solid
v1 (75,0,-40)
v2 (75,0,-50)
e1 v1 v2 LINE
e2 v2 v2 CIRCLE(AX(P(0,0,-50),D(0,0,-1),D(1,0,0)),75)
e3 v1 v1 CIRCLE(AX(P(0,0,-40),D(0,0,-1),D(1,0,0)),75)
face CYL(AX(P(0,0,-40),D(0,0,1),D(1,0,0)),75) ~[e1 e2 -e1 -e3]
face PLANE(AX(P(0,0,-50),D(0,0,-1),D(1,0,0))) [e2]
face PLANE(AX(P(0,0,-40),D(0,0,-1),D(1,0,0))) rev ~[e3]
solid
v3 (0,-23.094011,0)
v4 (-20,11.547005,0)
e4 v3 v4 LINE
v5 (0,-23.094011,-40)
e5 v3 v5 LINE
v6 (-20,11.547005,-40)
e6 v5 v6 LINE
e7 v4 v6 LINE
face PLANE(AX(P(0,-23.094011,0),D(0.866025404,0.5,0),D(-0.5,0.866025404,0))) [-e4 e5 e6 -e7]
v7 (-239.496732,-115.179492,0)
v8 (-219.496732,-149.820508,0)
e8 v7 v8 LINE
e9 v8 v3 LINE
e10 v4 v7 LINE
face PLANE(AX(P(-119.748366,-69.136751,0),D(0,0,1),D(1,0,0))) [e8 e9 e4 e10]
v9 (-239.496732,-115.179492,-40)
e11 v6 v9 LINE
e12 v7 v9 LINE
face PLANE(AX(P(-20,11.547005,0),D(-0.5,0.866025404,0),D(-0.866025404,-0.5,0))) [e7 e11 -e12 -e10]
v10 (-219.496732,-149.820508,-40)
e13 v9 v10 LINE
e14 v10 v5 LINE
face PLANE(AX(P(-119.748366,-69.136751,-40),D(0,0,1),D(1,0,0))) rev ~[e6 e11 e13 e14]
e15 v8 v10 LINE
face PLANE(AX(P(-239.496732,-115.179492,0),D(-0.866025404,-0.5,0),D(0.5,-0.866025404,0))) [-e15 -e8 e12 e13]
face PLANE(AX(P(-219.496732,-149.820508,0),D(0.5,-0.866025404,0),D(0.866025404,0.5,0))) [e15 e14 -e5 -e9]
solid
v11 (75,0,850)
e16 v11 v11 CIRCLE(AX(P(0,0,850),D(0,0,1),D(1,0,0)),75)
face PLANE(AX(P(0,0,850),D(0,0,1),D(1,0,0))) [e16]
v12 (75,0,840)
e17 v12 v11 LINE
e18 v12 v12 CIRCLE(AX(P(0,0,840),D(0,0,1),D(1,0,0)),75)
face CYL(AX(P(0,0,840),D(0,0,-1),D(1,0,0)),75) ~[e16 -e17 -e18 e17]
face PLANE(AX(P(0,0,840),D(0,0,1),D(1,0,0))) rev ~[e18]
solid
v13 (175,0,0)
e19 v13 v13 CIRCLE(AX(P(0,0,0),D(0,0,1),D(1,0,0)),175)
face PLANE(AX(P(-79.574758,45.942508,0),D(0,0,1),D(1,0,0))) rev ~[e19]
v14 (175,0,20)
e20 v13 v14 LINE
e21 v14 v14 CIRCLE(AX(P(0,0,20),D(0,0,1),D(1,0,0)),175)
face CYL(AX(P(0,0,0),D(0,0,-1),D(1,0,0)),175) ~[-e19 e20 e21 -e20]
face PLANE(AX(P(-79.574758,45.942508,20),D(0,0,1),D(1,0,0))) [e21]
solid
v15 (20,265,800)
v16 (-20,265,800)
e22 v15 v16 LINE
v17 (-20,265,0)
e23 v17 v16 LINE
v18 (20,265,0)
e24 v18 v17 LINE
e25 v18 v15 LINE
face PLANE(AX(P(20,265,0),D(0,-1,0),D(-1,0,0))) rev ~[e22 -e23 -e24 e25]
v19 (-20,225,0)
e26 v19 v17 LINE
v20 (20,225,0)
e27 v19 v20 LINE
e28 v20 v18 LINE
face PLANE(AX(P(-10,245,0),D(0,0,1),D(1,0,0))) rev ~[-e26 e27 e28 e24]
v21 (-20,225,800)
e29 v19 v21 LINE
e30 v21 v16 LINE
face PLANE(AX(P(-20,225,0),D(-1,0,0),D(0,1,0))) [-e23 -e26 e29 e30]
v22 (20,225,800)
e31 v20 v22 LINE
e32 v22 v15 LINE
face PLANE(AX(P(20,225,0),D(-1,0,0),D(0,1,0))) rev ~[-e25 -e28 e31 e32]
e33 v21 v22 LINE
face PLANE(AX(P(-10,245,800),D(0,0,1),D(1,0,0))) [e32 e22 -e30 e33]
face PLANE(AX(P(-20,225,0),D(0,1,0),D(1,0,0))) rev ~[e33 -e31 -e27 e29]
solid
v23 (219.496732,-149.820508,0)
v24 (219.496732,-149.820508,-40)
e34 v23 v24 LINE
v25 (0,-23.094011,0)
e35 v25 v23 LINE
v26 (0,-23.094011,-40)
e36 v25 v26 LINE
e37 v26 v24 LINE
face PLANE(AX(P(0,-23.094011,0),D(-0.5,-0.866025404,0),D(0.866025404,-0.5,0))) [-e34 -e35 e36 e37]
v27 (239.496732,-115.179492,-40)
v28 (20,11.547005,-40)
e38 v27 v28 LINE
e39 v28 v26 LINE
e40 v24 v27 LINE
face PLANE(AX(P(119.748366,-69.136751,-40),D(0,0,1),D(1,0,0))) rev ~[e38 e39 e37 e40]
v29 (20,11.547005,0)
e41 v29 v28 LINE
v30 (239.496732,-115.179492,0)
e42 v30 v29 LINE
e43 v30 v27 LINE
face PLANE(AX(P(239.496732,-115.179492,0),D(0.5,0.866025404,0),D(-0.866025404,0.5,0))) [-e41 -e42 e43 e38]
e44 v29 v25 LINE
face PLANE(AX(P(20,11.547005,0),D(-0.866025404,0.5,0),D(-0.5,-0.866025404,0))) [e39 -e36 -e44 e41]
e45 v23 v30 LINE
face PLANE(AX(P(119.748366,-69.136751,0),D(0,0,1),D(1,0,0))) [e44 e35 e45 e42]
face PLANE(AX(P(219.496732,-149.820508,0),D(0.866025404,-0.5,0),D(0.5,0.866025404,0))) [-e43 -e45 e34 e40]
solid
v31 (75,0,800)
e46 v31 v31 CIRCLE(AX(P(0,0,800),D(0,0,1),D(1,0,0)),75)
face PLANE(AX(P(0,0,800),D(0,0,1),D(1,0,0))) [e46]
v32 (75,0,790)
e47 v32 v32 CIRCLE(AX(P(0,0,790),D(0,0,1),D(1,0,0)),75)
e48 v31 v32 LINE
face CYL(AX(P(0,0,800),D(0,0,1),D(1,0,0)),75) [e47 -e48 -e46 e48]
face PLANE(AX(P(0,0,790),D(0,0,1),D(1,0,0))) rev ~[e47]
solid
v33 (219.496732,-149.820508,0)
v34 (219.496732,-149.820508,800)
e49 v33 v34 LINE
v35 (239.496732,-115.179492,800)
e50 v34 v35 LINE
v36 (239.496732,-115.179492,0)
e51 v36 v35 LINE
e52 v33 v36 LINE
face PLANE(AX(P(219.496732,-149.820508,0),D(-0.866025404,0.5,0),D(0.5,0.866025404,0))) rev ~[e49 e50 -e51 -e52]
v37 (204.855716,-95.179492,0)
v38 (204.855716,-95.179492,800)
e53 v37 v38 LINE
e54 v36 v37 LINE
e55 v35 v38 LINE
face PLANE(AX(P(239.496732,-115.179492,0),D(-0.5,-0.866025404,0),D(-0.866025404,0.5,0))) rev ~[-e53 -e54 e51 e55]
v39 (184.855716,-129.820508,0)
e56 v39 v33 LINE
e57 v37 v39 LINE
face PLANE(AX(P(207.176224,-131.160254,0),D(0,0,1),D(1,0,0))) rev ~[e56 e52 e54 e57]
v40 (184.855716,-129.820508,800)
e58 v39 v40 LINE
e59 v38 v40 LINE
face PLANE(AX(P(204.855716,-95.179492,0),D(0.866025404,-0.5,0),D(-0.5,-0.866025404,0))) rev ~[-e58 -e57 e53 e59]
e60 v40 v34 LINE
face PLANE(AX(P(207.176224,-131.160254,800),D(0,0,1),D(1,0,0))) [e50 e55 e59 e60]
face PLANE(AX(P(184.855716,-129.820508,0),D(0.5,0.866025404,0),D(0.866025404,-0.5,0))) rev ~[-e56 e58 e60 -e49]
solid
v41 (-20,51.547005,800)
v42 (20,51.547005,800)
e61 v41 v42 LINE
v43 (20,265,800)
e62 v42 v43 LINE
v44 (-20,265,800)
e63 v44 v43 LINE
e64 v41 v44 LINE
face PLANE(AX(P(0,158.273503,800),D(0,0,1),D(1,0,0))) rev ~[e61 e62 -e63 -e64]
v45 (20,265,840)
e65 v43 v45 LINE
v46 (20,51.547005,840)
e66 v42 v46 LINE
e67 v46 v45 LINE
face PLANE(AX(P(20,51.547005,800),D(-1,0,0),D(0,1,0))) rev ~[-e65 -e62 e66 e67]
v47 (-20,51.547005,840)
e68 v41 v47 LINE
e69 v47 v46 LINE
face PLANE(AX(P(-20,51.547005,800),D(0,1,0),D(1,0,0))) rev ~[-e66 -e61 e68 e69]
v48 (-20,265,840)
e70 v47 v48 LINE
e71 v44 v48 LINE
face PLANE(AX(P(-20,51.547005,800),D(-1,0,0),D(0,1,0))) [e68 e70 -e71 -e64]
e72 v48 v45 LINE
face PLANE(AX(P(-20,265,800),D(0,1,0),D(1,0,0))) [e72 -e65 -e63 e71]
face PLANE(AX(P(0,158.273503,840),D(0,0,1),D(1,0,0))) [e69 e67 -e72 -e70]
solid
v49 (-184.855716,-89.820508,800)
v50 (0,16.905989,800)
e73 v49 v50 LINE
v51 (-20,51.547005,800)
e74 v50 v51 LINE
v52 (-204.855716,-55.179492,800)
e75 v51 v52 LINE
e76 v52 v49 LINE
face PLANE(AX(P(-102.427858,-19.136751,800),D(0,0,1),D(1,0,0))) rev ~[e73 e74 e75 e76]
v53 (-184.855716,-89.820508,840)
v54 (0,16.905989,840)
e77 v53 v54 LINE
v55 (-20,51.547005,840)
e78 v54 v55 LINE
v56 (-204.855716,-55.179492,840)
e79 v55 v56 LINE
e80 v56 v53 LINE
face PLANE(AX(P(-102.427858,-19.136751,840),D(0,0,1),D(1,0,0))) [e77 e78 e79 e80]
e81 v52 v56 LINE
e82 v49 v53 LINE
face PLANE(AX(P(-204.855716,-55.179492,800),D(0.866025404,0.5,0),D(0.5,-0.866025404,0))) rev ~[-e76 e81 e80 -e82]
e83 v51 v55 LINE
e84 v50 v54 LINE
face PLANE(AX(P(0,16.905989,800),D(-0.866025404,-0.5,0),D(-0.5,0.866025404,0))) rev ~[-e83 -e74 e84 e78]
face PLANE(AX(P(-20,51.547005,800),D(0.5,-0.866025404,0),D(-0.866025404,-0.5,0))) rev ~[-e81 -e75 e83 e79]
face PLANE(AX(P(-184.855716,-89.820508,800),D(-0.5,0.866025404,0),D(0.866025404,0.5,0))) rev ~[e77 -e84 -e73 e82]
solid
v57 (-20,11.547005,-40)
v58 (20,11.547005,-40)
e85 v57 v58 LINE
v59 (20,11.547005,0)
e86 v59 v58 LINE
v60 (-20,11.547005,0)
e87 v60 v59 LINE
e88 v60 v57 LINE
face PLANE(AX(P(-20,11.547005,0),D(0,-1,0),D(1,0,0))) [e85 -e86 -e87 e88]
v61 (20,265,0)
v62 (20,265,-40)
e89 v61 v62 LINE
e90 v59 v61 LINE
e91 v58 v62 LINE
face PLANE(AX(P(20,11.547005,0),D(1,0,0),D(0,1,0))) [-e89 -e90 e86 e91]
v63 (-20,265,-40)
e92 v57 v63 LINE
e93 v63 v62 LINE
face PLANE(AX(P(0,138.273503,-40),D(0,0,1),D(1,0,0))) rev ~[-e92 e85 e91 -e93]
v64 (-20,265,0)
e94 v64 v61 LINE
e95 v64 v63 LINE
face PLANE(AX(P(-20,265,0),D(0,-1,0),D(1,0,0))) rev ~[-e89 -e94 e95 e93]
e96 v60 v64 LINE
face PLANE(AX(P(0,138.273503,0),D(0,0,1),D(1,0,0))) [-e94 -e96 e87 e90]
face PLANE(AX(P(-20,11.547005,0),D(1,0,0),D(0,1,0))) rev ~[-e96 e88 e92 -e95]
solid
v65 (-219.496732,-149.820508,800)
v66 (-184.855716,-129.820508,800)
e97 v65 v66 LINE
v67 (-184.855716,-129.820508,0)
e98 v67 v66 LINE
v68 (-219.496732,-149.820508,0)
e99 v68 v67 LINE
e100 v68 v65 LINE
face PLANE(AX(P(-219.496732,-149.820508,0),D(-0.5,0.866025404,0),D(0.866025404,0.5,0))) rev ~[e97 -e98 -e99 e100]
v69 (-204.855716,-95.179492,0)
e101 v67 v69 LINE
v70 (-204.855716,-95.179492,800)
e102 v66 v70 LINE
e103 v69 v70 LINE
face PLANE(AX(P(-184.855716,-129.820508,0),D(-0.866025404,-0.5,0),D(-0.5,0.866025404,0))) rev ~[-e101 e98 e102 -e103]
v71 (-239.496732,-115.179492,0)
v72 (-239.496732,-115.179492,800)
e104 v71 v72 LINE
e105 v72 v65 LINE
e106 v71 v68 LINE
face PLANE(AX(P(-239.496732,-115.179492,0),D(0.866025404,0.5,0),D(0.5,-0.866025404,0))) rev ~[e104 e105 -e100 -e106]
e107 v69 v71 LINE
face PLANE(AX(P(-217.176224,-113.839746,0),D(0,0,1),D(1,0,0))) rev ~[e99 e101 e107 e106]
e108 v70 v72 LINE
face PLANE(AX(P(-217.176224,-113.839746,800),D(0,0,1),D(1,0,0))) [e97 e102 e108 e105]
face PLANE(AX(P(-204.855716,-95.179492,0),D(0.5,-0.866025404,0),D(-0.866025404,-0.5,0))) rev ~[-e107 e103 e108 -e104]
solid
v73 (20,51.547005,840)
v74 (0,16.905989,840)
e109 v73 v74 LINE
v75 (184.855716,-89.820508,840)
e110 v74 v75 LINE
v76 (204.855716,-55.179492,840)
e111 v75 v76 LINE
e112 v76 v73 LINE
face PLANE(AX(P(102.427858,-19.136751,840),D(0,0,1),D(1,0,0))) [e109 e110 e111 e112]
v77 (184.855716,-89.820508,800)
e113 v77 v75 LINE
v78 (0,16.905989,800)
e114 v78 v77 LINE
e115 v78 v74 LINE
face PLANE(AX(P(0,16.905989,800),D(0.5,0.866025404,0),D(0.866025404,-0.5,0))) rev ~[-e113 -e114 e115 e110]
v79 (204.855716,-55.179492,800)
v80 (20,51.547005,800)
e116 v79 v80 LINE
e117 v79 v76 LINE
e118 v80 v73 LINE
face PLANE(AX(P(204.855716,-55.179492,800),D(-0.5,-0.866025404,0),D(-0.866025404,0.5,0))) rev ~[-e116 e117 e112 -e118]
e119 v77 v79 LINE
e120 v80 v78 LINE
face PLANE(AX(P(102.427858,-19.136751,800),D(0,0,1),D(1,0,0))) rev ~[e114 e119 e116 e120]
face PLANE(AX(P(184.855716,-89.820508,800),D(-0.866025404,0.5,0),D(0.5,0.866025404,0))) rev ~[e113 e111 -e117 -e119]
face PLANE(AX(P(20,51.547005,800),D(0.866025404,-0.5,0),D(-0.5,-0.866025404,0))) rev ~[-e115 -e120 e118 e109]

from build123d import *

# Parameters (mm, degrees)
F0_W      = 20
F0_H      = 40
F1_DEPTH  = 800
F2_DEPTH  = 20
F3_W      = 40
F3_H      = 253.4529946162
F4_DEPTH  = 40
F5_DEPTH  = 800
F8_DEPTH  = 40
F7_W      = 40
F7_H      = 213.4529946162
F10_R     = 75
F11_DEPTH = 10
F12_R     = 75
F13_DEPTH = 10
F15_R     = 75
F16_DEPTH = 10


with BuildPart() as f1:
    # F0 (on Top) → F1 (new body)
    with BuildSketch(Plane.XY):
        with Locations((-10, 245)):
            Rectangle(F0_W, F0_H)
        with Locations((10, 245)):
            Rectangle(F0_W, F0_H)
    extrude(amount=F1_DEPTH)


with BuildPart() as f2:
    # F0 (on Top) → F2 (new body)
    with BuildSketch(Plane.XY):
        with BuildLine():
            Line((0, 0), (0, 175))
            ThreePointArc((0, 175), (-151.5544456623, 87.5), (-151.5544456623, -87.5))
            Line((-151.5544456623, -87.5), (0, 0))
        make_face()
        with BuildLine():
            ThreePointArc((151.5544456623, -87.5), (169.0370196006, -45.2933328929), (175, 0))
            ThreePointArc((175, 0), (123.7436867076, 123.7436867076), (0, 175))
            Line((0, 175), (0, 0))
            Line((0, 0), (151.5544456623, -87.5))
        make_face()
        with BuildLine():
            ThreePointArc((-151.5544456623, -87.5), (0, -175), (151.5544456623, -87.5))
            Line((151.5544456623, -87.5), (0, 0))
            Line((0, 0), (-151.5544456623, -87.5))
        make_face()
    extrude(amount=F2_DEPTH)


with BuildPart() as f4:
    # F3 (on Top) → F4 (new body)
    with BuildSketch(Plane.XY):
        with Locations((0, 138.2735026919)):
            Rectangle(F3_W, F3_H)
    extrude(amount=-F4_DEPTH)


with BuildPart() as f4b:
    # F3 (on Top) → F4, piece 2 (new body)
    with BuildSketch(Plane.XY):
        Polygon((239.4967320029, -115.1794919243), (20, 11.5470053838), (0, -23.0940107676), (219.4967320029, -149.8205080757), align=None)
    extrude(amount=-F4_DEPTH)


with BuildPart() as f4c:
    # F3 (on Top) → F4, piece 3 (new body)
    with BuildSketch(Plane.XY):
        Polygon((0, -23.0940107676), (-20, 11.5470053838), (-239.4967320029, -115.1794919243), (-219.4967320029, -149.8205080757), align=None)
    extrude(amount=-F4_DEPTH)


with BuildPart() as f5:
    # F0 (on Top) → F5 (new body)
    with BuildSketch(Plane.XY):
        Polygon((-229.4967320029, -132.5), (-194.8557158515, -112.5), (-204.8557158515, -95.1794919243), (-239.4967320029, -115.1794919243), align=None)
        Polygon((-184.8557158515, -129.8205080757), (-194.8557158515, -112.5), (-229.4967320029, -132.5), (-219.4967320029, -149.8205080757), align=None)
    extrude(amount=F5_DEPTH)


with BuildPart() as f5b:
    # F0 (on Top) → F5, piece 2 (new body)
    with BuildSketch(Plane.XY):
        Polygon((229.4967320029, -132.5), (194.8557158515, -112.5), (184.8557158515, -129.8205080757), (219.4967320029, -149.8205080757), align=None)
        Polygon((204.8557158515, -95.1794919243), (194.8557158515, -112.5), (229.4967320029, -132.5), (239.4967320029, -115.1794919243), align=None)
    extrude(amount=F5_DEPTH)


with BuildPart() as f8:
    # F7 (on offset) → F8 (new body)
    with BuildSketch(Plane.XY.offset(800)):
        Polygon((0, 16.9059892324), (-20, 51.5470053838), (-204.8557158515, -55.1794919243), (-184.8557158515, -89.8205080757), align=None)
    extrude(amount=F8_DEPTH)


with BuildPart() as f8b:
    # F7 (on offset) → F8, piece 2 (new body)
    with BuildSketch(Plane.XY.offset(800)):
        with Locations((0, 158.2735026919)):
            Rectangle(F7_W, F7_H)
    extrude(amount=F8_DEPTH)


with BuildPart() as f8c:
    # F7 (on offset) → F8, piece 3 (new body)
    with BuildSketch(Plane.XY.offset(800)):
        Polygon((204.8557158515, -55.1794919243), (20, 51.5470053838), (0, 16.9059892324), (184.8557158515, -89.8205080757), align=None)
    extrude(amount=F8_DEPTH)


with BuildPart() as f11:
    # F10 (on offset) → F11 (new body)
    with BuildSketch(Plane.XY.offset(840)):
        Circle(F10_R)
    extrude(amount=F11_DEPTH)


with BuildPart() as f13:
    # F12 (on offset) → F13 (new body)
    with BuildSketch(Plane.XY.offset(800)):
        Circle(F12_R)
    extrude(amount=-F13_DEPTH)


with BuildPart() as f16:
    # F15 (on offset) → F16 (new body)
    with BuildSketch(Plane(origin=(0, 0, -40), x_dir=(1, 0, 0), z_dir=(0, 0, -1))):
        Circle(F15_R)
    extrude(amount=F16_DEPTH)


solid = Compound([f1.part, f2.part, f4.part, f4b.part, f4c.part, f5.part, f5b.part, f8.part, f8b.part, f8c.part, f11.part, f13.part, f16.part])
